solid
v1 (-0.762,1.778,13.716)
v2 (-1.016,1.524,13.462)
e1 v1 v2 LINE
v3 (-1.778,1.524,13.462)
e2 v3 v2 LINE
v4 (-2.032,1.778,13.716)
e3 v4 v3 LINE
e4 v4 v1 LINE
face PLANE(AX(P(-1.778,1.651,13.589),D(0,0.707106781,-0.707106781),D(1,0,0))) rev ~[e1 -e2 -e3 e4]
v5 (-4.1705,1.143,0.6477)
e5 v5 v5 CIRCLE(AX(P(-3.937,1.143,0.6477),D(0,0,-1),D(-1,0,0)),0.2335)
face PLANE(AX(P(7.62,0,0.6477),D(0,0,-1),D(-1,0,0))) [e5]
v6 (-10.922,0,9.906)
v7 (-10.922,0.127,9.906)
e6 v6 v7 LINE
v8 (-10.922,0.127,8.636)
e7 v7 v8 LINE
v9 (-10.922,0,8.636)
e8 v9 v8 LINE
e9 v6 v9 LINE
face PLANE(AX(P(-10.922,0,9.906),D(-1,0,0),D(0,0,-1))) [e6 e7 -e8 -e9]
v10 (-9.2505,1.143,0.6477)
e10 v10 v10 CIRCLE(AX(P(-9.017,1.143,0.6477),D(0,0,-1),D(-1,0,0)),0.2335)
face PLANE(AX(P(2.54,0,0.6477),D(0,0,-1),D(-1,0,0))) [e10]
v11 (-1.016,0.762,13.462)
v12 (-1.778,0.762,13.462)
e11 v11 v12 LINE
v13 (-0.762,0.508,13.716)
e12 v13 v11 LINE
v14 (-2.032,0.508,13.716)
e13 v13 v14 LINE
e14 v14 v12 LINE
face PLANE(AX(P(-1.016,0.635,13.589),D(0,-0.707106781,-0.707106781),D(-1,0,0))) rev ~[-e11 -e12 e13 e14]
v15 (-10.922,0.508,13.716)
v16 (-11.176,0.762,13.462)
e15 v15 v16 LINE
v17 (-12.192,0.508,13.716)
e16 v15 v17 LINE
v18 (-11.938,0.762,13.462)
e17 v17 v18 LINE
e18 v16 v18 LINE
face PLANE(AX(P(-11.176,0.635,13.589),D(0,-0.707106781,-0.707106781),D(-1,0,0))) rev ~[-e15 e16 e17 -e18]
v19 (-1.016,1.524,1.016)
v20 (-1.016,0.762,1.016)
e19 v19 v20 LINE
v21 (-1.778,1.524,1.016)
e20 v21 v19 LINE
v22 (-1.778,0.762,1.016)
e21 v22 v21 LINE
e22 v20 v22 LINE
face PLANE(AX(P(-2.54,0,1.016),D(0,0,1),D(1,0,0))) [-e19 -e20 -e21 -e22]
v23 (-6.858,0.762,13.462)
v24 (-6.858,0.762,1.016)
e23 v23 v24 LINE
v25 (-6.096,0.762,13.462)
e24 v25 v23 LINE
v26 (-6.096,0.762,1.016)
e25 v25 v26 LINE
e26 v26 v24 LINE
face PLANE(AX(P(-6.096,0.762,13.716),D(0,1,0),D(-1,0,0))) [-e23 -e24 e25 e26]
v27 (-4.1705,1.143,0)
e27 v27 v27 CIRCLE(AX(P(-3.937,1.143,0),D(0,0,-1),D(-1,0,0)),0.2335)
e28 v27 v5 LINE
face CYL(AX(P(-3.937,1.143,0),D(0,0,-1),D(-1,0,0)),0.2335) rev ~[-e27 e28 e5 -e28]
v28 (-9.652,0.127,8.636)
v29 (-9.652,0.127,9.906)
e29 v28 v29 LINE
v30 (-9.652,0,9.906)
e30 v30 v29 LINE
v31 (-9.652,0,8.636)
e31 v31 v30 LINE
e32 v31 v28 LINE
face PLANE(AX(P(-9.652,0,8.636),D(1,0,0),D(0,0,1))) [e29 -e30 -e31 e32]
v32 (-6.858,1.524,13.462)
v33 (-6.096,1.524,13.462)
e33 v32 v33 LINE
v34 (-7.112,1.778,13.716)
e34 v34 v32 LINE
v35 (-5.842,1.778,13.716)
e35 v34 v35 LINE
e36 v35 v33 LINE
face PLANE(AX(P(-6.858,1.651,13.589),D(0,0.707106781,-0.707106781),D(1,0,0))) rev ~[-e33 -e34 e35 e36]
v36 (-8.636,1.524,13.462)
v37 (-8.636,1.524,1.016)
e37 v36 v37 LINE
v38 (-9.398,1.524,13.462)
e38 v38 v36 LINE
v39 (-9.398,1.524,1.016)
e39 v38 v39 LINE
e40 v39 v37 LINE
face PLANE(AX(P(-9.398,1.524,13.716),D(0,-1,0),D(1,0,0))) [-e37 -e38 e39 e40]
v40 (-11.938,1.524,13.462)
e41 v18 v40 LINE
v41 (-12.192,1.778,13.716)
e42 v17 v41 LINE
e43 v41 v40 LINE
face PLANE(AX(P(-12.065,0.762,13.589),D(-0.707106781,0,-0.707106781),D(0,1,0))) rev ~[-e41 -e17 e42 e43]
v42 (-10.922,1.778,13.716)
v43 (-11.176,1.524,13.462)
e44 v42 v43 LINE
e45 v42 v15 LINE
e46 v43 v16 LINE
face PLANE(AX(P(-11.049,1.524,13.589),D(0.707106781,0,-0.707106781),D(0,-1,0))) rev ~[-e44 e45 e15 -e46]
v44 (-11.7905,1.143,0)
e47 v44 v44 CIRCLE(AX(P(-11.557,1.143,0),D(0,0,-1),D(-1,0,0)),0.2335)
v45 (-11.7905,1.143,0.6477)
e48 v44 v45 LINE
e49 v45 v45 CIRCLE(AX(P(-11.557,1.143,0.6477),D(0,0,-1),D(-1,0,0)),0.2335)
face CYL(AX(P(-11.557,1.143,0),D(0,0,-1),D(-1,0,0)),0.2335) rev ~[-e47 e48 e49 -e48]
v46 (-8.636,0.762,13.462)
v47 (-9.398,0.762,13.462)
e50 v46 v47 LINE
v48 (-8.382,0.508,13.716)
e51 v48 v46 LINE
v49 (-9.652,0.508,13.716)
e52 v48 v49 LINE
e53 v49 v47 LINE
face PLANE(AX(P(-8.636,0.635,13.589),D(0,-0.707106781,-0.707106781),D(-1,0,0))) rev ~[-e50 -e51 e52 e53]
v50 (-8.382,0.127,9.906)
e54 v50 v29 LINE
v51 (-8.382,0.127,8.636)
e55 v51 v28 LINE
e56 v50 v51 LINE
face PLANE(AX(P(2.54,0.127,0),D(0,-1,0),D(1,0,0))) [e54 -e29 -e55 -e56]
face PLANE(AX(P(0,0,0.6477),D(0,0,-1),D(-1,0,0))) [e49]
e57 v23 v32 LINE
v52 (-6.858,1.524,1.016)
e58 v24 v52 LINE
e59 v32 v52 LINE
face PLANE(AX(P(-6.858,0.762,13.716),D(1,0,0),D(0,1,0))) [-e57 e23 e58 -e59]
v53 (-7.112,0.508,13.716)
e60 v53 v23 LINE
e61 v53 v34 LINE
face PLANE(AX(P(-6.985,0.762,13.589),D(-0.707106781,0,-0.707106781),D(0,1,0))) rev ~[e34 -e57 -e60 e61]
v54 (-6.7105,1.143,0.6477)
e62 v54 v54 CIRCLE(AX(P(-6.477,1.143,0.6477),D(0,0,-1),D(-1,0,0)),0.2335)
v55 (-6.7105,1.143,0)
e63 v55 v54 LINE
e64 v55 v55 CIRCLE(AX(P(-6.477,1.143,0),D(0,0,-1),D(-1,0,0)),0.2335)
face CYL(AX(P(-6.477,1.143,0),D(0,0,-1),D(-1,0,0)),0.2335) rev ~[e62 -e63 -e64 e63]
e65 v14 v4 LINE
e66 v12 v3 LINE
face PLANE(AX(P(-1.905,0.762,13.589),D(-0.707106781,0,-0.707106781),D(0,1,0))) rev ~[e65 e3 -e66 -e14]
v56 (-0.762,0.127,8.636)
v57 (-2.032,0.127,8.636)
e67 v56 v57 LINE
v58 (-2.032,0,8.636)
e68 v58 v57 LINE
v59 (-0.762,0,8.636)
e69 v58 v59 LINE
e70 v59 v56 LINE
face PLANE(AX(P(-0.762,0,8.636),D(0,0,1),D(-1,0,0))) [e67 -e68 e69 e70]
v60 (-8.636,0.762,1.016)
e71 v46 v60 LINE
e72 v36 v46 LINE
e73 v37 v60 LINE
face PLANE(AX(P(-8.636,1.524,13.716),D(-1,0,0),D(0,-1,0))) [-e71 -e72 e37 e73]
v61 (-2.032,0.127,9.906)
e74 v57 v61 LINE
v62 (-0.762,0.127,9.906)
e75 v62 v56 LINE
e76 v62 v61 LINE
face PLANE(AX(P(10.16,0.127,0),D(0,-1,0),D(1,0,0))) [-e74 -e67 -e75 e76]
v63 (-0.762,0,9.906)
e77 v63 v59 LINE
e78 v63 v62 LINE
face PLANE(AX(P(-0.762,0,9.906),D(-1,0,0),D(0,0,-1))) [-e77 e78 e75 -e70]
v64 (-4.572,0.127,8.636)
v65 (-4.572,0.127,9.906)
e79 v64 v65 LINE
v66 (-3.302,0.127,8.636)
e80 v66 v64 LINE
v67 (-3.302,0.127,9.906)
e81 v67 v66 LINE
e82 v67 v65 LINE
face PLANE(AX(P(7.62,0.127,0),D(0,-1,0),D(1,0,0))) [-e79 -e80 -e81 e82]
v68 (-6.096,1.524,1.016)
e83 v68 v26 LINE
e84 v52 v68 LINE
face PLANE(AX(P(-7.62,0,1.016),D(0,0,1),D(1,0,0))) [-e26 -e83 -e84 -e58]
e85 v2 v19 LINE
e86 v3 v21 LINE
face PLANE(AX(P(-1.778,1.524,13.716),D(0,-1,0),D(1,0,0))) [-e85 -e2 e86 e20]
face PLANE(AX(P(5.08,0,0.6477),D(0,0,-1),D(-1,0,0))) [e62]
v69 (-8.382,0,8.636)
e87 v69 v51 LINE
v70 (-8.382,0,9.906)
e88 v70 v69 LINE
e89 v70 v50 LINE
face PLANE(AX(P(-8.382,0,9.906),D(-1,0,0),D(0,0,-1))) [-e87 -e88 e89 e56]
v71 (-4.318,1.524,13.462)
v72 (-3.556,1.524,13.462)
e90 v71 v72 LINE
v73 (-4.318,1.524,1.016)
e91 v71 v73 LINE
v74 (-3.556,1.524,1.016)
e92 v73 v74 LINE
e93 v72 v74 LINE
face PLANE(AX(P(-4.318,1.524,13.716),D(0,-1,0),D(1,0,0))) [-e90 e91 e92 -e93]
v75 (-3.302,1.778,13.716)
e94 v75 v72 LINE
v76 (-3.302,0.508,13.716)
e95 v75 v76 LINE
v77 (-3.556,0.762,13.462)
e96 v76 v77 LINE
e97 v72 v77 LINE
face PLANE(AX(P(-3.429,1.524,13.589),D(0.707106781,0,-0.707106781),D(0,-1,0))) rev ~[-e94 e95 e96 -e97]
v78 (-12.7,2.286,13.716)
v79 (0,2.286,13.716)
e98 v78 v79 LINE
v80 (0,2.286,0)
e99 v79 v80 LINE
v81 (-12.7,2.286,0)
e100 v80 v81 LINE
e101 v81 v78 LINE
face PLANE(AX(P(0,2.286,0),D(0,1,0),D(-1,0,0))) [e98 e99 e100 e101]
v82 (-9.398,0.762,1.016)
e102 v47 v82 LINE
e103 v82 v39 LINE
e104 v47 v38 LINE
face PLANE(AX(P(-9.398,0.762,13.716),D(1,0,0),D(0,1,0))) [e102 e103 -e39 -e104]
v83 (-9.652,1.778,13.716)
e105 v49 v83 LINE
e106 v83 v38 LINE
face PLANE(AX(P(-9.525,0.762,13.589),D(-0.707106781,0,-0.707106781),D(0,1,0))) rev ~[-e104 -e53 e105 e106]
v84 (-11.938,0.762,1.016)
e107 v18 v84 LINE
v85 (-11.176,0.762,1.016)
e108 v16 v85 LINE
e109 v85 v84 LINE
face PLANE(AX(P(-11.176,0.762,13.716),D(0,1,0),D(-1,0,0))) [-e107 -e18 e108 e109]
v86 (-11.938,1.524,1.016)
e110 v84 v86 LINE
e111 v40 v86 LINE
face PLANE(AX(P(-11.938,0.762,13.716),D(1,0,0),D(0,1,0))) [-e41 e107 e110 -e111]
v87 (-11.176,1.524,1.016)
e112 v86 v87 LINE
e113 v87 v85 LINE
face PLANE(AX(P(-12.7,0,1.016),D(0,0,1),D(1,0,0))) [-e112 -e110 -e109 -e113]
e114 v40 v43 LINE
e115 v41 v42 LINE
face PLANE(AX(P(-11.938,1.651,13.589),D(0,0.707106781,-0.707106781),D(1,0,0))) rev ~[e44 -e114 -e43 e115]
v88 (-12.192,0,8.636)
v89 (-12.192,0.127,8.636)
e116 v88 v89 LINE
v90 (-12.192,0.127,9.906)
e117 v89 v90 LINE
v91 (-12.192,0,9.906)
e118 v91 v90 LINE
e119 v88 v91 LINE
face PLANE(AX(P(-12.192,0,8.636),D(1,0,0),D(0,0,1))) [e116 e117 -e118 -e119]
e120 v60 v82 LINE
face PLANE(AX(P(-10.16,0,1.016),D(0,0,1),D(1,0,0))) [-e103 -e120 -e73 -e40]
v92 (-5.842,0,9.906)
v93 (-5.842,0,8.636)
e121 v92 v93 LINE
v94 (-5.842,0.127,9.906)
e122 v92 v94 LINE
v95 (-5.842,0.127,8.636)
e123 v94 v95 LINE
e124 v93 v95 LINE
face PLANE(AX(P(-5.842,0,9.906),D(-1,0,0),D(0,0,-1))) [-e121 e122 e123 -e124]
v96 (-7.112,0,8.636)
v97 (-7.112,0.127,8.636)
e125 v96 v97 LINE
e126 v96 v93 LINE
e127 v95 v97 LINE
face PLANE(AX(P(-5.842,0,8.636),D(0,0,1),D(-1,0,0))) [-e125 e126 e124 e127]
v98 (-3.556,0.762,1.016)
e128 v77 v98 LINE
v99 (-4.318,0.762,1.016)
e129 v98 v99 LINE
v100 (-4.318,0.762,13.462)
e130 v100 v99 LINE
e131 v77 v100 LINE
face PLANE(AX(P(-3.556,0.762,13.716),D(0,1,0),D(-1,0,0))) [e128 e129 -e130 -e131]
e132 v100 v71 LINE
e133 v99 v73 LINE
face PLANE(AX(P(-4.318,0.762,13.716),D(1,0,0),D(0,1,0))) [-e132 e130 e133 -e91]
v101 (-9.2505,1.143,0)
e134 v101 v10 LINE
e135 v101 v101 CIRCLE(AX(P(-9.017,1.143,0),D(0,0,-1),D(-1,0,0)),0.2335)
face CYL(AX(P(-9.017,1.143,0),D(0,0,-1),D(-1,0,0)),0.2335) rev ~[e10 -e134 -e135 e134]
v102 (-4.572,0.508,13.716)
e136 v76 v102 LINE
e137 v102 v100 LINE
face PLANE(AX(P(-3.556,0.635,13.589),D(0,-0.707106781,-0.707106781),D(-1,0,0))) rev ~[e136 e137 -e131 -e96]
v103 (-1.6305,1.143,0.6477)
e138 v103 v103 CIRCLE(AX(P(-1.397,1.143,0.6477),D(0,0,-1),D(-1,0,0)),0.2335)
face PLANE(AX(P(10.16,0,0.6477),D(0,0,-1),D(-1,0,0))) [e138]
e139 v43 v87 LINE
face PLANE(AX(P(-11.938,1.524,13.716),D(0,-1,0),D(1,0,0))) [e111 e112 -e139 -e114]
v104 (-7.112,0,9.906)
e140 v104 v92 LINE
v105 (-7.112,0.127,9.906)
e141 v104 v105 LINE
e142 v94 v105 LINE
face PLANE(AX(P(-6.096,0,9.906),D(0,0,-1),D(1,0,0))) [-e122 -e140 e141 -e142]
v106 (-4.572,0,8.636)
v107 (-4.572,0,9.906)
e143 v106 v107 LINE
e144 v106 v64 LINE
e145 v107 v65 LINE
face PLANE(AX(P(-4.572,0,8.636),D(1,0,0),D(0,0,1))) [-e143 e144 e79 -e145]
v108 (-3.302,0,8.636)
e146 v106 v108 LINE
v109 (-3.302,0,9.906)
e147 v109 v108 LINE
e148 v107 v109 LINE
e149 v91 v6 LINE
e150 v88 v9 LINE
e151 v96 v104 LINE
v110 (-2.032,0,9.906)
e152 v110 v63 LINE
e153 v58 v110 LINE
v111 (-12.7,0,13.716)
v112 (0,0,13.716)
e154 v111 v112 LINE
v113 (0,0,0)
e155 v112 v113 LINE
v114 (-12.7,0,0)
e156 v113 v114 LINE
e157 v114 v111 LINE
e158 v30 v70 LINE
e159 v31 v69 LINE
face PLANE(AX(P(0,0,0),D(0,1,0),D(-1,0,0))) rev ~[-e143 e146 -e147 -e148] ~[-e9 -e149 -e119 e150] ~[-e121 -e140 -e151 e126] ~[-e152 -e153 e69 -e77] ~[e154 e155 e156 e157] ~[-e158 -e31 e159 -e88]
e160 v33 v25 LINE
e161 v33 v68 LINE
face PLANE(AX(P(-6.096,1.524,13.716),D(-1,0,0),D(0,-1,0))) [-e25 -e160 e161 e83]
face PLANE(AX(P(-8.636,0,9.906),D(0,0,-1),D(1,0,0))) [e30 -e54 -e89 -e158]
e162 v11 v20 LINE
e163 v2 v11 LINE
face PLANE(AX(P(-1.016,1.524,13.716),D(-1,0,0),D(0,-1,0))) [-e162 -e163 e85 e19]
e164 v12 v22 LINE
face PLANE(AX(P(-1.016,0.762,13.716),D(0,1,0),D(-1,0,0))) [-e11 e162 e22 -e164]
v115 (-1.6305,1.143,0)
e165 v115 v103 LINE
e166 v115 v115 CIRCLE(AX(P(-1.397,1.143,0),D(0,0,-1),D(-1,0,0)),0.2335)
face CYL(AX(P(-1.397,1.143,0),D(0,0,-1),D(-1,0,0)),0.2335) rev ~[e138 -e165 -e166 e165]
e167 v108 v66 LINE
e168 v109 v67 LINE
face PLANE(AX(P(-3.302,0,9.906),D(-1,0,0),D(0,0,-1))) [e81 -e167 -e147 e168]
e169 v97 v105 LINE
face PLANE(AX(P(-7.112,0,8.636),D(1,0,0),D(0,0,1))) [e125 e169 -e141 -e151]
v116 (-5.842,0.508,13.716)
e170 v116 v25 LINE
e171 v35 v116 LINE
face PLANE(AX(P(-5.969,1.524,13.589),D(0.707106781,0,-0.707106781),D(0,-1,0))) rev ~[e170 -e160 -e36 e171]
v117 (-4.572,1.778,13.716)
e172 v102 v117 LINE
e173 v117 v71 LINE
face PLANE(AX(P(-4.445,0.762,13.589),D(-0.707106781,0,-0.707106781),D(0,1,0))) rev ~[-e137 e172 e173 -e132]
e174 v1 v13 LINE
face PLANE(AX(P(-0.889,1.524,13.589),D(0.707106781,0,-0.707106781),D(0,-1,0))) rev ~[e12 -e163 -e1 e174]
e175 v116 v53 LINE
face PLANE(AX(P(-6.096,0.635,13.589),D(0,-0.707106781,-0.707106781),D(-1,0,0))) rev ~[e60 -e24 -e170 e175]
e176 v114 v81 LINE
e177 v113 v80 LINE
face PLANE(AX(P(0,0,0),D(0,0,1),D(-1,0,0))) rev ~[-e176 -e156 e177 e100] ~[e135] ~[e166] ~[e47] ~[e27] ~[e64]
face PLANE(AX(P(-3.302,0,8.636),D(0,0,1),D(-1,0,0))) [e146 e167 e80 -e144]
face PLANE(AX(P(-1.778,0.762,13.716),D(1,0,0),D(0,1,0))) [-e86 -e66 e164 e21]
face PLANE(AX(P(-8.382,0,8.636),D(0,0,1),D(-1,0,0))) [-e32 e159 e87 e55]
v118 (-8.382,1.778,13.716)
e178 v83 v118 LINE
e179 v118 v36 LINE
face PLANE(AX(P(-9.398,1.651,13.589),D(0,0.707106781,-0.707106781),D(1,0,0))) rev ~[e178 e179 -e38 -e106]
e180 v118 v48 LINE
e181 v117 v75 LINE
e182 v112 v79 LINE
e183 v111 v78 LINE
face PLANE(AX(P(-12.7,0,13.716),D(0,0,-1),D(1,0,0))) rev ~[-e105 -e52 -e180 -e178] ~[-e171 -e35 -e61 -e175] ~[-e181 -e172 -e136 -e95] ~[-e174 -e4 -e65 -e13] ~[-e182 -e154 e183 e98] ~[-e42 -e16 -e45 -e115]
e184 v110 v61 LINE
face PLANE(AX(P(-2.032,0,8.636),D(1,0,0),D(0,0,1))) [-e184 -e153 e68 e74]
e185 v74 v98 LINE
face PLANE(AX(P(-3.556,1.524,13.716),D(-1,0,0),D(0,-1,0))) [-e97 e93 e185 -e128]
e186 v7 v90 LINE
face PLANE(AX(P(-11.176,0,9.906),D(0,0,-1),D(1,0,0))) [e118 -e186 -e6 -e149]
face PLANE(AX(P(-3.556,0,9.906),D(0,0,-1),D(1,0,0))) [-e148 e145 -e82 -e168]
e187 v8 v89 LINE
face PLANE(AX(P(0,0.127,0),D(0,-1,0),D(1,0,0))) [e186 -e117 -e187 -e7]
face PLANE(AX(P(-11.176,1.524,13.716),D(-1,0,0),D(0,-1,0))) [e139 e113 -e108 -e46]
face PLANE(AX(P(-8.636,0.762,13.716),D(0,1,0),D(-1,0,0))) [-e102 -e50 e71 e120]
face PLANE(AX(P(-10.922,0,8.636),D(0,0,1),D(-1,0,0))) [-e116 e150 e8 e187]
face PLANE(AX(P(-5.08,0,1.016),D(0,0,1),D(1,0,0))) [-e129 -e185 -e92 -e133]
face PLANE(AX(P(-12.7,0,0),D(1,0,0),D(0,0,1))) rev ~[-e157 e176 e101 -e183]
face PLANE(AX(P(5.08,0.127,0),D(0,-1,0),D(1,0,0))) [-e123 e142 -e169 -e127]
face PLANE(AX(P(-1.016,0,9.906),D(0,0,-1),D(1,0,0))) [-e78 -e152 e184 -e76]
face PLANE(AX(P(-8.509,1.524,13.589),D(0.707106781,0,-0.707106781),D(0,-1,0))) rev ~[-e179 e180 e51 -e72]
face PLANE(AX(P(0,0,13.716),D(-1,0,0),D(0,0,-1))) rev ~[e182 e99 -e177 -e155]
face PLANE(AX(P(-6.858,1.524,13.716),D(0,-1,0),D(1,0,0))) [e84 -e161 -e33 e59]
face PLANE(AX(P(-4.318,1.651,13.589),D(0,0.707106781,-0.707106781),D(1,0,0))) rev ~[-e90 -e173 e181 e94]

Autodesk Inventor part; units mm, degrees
ref_plane "YZ Plane" through (0, 0, 0) normal (1, 0, 0) x (0, 1, 0)
ref_plane "XZ Plane" through (0, 0, 0) normal (0, 1, 0) x (-1, 0, 0)
ref_plane "XY Plane" through (0, 0, 0) normal (0, 0, 1) x (1, 0, 0)
sketch "Sketch1" plane through (0, 0, 0) normal (0, 1, 0) x (-1, 0, 0)
  line L0 (0, 0) -> (12.7, 0)
  line L1 (12.7, 0) -> (12.7, 13.716)
  line L2 (12.7, 13.716) -> (0, 13.716)
  line L3 (0, 13.716) -> (0, 0)
  dimension "d0" = 12.7
  dimension "d1" = 13.716
extrude "Extrusion1" add sketch "Sketch1" along normal blind 2.286
sketch "Sketch2" plane through (-12.7, 0, 13.716) normal (0, 0, 1) x (1, 0, 0)
  line L0 (0, 2.286) -> (12.7, 2.286) projected
  line L1 (0, 0) -> (0, 2.286) projected
  line L2 (0.762, 1.524) -> (1.524, 1.524)
  line L3 (1.524, 1.524) -> (1.524, 0.762)
  line L4 (1.524, 0.762) -> (0.762, 0.762)
  line L5 (0.762, 0.762) -> (0.762, 1.524)
  dimension "d4" = 0.762
  dimension "d5" = 0.762
  dimension "d6" = 0.762
  dimension "d7" = 0.762
extrude "Extrusion2" cut sketch "Sketch2" against normal blind 12.7
chamfer "Chamfer1" distance 0.254 angle 45 4 edges at (-11.938, 1.143, 13.716) (-11.557, 1.524, 13.716) (-11.176, 1.143, 13.716) (-11.557, 0.762, 13.716)
sketch "Sketch3" plane through (0, 0, 0) normal (0, 0, -1) x (-1, 0, 0)
  line L0 (11.938, 1.524) -> (11.176, 1.524) projected
  line L1 (11.938, 0.762) -> (11.938, 1.524) projected
  line L2 (11.176, 0.762) -> (11.938, 0.762) projected
  line L3 (11.176, 1.524) -> (11.176, 0.762) projected
  circle A0 centre (11.557, 1.143) radius 0.2335
  point P0 (11.557, 1.524)
  point P1 (11.176, 1.143)
extrude "Extrusion3" cut sketch "Sketch3" against normal blind 0.6477 contours A0
sketch "Sketch4" plane through (0, 0, 0) normal (0, -1, 0) x (1, 0, 0)
  line L0 (-12.7, 13.716) -> (0, 13.716) projected
  line L1 (-12.7, 0) -> (-12.7, 13.716) projected
  line L2 (-11.176, 13.462) -> (-11.176, 1.016) projected
  line L3 (-11.938, 13.462) -> (-11.938, 1.016) projected
  line L4 (-11.176, 1.016) -> (-11.938, 1.016) projected
  line L5 (-12.192, 9.906) -> (-10.922, 9.906)
  line L6 (-10.922, 9.906) -> (-10.922, 8.636)
  line L7 (-10.922, 8.636) -> (-12.192, 8.636)
  line L8 (-12.192, 8.636) -> (-12.192, 9.906)
  dimension "d18" = 0.508
  dimension "d19" = 1.27
  dimension "d20" = 1.27
  dimension "d21" = 3.81
extrude "Extrusion4" cut sketch "Sketch4" against normal blind 0.127 contours L5 L6 L7 L2 | L2 L7 L3 L5 | L3 L7 L8 L5
pattern_linear "Rectangular Pattern1" count 5 spacing 2.54 along (1, 0, 0) of "Extrusion2", "Chamfer1", "Extrusion3", "Extrusion4"
properties part number "Five Pin Plug"
